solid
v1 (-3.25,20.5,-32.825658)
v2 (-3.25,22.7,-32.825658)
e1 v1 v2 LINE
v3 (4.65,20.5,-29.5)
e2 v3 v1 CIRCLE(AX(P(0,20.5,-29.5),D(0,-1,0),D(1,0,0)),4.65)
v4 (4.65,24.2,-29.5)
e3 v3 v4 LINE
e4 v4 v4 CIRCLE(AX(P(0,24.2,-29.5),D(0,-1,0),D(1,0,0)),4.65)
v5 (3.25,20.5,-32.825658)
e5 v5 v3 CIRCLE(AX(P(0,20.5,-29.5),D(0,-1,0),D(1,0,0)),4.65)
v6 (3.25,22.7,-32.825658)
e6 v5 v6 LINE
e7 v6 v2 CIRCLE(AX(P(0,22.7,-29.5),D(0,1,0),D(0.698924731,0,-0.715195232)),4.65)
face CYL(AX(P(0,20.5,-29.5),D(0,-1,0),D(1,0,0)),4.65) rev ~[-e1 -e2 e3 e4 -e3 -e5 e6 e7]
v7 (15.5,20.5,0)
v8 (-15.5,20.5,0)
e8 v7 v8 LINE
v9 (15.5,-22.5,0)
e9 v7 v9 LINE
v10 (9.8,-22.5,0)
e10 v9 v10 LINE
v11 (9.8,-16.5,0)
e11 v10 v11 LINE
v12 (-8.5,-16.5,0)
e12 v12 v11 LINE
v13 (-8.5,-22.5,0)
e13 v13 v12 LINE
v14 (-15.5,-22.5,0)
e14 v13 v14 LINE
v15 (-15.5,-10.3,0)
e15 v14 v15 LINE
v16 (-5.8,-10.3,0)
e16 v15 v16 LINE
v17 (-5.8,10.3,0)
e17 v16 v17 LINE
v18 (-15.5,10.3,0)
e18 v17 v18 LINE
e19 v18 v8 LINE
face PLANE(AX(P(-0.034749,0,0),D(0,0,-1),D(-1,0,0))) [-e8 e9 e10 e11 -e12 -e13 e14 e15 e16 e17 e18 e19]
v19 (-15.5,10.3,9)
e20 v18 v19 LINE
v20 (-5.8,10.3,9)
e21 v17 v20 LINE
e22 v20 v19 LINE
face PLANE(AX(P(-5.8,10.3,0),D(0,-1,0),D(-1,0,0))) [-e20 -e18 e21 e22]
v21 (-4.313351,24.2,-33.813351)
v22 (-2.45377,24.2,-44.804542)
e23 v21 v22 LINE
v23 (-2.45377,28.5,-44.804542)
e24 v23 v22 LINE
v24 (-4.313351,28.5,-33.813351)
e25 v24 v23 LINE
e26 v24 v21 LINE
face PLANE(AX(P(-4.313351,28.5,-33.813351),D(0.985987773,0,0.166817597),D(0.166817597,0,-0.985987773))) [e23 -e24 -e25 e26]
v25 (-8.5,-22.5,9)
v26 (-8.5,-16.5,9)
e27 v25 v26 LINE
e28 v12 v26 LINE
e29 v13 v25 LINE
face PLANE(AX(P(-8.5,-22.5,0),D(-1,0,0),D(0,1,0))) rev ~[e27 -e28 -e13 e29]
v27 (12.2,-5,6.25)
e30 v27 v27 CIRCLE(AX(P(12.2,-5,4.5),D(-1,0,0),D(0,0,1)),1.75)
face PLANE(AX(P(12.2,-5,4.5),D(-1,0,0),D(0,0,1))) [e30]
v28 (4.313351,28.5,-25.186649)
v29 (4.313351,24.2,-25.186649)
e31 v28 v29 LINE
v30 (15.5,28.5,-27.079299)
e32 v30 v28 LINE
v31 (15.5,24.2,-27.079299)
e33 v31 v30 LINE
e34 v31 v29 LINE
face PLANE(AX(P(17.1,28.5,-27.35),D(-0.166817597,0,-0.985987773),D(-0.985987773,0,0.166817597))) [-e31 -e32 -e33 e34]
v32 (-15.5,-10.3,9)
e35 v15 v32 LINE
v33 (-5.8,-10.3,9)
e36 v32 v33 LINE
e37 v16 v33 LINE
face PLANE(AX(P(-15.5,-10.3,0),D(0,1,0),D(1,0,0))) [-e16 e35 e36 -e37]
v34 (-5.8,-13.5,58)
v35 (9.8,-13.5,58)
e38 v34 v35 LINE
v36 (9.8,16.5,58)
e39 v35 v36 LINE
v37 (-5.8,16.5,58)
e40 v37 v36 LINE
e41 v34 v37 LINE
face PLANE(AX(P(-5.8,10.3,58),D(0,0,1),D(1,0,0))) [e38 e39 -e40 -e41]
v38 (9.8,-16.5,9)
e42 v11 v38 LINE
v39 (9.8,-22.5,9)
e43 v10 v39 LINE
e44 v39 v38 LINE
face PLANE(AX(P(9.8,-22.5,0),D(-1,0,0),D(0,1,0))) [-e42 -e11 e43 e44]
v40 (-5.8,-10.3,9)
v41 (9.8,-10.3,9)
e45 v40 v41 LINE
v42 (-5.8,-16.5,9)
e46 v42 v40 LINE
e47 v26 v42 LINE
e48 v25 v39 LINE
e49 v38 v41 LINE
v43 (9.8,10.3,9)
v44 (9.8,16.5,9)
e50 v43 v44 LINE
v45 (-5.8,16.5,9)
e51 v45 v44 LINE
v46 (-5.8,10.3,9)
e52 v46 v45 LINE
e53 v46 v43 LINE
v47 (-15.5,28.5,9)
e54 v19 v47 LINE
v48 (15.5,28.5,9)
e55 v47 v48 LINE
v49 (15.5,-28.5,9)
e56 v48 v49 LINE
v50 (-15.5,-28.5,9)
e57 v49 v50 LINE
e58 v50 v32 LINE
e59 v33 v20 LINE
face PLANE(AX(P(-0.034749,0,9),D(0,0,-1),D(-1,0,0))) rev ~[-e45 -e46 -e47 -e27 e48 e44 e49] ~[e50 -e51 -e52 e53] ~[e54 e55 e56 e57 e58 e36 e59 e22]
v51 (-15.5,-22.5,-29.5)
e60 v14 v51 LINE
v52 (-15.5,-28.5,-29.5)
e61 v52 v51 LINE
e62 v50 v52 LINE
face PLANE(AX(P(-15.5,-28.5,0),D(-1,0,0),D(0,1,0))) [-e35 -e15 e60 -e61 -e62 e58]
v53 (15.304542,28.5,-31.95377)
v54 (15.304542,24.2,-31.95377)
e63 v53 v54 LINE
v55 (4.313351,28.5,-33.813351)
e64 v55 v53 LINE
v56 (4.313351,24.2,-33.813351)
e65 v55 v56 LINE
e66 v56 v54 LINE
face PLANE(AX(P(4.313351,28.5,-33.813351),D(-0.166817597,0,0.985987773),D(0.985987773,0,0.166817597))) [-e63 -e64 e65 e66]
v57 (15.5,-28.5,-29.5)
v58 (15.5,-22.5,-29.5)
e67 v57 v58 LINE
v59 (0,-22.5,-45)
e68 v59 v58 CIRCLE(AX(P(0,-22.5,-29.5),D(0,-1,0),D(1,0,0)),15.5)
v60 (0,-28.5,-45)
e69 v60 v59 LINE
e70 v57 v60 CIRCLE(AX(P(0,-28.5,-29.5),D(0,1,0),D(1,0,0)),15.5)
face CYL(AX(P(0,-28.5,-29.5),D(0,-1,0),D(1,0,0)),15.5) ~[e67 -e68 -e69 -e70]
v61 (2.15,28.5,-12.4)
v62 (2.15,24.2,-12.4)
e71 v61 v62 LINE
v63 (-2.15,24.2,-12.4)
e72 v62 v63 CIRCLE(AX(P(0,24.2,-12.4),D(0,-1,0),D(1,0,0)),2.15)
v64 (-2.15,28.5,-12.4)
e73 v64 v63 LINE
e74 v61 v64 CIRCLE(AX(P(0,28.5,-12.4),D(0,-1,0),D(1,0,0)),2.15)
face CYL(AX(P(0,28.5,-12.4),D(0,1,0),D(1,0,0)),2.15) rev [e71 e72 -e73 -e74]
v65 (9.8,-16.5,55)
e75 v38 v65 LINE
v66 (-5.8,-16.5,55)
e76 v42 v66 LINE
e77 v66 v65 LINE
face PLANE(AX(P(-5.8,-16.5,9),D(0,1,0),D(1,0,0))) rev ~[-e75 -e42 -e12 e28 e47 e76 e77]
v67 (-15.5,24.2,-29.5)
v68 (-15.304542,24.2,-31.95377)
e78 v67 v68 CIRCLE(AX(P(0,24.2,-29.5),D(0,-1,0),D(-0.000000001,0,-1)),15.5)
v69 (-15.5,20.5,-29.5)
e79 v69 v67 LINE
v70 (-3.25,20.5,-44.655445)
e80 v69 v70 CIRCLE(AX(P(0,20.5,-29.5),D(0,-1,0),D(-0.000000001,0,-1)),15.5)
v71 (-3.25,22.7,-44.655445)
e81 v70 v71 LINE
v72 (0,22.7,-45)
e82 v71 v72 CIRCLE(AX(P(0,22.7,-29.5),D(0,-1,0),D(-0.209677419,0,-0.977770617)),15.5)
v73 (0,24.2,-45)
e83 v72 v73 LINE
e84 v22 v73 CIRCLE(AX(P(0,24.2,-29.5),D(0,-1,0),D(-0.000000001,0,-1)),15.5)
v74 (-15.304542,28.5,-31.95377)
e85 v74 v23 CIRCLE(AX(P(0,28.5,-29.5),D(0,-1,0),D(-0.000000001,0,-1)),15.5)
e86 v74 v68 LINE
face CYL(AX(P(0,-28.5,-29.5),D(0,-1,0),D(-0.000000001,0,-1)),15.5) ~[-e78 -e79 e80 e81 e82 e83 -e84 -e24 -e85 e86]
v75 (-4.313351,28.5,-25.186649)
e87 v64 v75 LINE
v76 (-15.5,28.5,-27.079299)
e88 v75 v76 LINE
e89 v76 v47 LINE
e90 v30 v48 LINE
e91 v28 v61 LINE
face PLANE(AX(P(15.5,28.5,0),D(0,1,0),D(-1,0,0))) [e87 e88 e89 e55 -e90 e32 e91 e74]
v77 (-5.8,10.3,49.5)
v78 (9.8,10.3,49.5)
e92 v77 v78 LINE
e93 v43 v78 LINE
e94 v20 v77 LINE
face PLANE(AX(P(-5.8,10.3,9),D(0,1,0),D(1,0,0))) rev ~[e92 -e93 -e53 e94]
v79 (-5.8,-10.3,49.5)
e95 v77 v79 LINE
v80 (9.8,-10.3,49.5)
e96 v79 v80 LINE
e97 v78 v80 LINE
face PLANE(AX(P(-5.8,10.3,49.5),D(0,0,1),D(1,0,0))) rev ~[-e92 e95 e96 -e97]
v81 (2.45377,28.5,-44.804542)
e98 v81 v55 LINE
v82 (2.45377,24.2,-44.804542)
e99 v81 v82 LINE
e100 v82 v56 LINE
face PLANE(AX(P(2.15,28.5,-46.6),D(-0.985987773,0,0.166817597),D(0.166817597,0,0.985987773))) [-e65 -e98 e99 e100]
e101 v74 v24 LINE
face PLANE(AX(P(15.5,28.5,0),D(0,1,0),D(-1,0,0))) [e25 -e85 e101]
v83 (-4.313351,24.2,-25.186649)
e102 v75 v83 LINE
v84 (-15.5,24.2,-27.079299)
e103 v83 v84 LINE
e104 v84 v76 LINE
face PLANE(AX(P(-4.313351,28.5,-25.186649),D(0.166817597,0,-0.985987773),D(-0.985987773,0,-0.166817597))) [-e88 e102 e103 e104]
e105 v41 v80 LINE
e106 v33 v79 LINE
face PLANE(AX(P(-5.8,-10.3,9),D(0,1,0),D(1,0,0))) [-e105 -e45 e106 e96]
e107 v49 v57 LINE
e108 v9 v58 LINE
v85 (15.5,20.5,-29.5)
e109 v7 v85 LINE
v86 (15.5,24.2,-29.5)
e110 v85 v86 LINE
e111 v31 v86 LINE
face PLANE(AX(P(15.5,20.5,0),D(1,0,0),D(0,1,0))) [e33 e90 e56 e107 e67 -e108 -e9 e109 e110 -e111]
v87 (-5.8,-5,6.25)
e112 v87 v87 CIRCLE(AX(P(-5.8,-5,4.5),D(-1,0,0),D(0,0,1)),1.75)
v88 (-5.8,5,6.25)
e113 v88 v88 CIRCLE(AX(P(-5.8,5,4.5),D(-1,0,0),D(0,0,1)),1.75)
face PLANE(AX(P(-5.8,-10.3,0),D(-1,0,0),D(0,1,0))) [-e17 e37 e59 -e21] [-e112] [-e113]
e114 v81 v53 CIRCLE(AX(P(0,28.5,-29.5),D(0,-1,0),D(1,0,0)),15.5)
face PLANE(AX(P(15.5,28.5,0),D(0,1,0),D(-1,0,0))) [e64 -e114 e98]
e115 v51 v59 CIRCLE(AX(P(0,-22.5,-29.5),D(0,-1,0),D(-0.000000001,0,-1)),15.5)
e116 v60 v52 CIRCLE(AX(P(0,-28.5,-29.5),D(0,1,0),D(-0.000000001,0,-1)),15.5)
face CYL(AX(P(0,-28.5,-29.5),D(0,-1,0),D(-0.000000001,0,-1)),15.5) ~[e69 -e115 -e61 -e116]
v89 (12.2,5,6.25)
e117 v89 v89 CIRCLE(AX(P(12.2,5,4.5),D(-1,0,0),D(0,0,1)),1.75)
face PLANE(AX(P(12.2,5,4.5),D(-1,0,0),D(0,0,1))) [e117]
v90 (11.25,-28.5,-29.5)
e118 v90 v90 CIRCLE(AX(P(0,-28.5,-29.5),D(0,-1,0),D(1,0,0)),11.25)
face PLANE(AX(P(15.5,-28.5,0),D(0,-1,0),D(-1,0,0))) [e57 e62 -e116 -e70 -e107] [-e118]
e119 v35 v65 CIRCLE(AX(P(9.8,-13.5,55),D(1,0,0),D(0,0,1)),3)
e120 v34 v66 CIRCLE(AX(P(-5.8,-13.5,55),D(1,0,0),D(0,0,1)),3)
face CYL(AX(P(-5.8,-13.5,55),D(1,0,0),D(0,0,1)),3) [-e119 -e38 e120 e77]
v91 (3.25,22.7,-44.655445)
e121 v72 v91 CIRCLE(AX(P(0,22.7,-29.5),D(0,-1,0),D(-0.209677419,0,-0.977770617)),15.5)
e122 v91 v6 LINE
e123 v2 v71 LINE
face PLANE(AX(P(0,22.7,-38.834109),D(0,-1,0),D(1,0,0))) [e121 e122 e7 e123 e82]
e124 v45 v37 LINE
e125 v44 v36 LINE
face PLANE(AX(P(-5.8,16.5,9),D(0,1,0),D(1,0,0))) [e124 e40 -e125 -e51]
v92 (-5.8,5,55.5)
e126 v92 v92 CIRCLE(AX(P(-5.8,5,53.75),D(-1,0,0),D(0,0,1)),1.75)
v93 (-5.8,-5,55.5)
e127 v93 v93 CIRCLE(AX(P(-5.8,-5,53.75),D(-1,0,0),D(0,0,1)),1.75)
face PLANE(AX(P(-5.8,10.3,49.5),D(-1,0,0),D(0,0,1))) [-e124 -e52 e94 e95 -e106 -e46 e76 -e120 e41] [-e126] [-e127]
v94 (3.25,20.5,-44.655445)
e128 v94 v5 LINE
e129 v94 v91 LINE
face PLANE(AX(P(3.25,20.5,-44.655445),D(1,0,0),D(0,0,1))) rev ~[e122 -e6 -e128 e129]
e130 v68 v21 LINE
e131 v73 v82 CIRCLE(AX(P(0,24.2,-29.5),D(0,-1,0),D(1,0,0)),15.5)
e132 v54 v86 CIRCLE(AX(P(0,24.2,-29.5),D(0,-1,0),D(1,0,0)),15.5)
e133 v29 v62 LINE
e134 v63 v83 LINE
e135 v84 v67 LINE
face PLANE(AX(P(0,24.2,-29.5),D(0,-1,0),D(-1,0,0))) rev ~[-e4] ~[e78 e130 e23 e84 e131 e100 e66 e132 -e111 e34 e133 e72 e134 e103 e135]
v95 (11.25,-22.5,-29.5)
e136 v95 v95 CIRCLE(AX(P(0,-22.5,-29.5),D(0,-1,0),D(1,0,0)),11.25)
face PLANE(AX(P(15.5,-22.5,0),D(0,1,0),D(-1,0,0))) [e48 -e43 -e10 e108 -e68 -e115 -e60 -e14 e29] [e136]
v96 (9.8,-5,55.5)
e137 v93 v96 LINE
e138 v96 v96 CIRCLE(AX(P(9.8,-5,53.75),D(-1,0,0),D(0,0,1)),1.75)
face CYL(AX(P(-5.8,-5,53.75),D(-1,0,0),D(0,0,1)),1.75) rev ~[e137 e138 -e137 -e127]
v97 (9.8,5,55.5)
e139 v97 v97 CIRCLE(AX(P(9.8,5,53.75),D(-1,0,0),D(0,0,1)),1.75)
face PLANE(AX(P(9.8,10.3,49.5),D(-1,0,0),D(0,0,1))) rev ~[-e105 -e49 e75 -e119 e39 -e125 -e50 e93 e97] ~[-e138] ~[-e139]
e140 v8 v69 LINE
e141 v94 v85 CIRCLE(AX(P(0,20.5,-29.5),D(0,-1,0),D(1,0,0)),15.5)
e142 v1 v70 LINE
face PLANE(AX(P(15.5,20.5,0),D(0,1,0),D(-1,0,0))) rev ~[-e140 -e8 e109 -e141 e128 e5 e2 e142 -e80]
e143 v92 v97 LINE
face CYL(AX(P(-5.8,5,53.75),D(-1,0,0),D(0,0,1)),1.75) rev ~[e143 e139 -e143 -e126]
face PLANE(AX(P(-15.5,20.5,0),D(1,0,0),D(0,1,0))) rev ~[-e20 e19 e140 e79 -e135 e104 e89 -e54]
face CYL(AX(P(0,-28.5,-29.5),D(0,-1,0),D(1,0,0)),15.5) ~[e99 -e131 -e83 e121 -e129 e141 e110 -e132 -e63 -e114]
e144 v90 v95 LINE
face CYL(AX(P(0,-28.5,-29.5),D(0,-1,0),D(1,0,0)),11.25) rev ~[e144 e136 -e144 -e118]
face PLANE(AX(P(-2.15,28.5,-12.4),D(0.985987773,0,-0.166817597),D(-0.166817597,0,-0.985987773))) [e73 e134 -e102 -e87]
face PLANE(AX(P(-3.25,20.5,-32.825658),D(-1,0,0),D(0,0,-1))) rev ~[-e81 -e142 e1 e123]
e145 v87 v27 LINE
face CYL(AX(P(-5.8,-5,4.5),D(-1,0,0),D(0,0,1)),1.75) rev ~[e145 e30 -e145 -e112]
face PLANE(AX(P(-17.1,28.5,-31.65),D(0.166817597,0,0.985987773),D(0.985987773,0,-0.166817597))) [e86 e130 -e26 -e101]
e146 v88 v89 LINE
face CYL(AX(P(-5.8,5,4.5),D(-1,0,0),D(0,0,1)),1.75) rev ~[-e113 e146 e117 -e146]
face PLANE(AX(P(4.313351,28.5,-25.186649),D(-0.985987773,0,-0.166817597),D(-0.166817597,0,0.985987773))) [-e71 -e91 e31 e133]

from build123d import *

# Parameters (mm, degrees)
SKETCH1_W           = 18.3
SKETCH1_H           = 6
BOSS_EXTRUDE1_DEPTH = 9
SKETCH2_W           = 15.6
SKETCH2_H           = 6.2
BOSS_EXTRUDE2_DEPTH = 49
SKETCH3_W           = 15.6
SKETCH3_H           = 8.5
BOSS_EXTRUDE3_DEPTH = 20.7
FILLET3_R           = 3
SKETCH4_W           = 31
SKETCH4_H           = 8
SKETCH4_H_2         = 6
BOSS_EXTRUDE4_DEPTH = 45
CUT_EXTRUDE1_DEPTH  = 58
SKETCH6_3_R         = 11.25
CUT_EXTRUDE2_DEPTH  = 6
CUT_EXTRUDE3_DEPTH  = 4.3
CUT_EXTRUDE4_DEPTH  = 2.2
SKETCH9_3_R         = 4.65
CUT_EXTRUDE5_DEPTH  = 8
SKETCH10_R          = 1.75
CUT_EXTRUDE6_DEPTH  = 18


with BuildPart() as part:
    # Sketch1 → Boss-Extrude1 (new body)
    with BuildSketch(Plane.XY):
        Polygon((15.5, -28.5), (-15.5, -28.5), (-15.5, -10.3), (-5.8, -10.3), (-5.8, 10.3), (-15.5, 10.3), (-15.5, 28.5), (15.5, 28.5), align=None)
        with Locations((0.65, -19.5)):
            Rectangle(SKETCH1_W, SKETCH1_H, mode=Mode.SUBTRACT)
    extrude(amount=BOSS_EXTRUDE1_DEPTH)

    # Sketch2 → Boss-Extrude2 (add)
    with BuildSketch(Plane.XY.offset(9)):
        with Locations((2, -13.4)):
            Rectangle(SKETCH2_W, SKETCH2_H)
        with Locations((2, 13.4)):
            Rectangle(SKETCH2_W, SKETCH2_H)
    extrude(amount=BOSS_EXTRUDE2_DEPTH)

    # Sketch3 → Boss-Extrude3 (add)
    with BuildSketch(Plane.XZ.offset(-10.3)):
        with Locations((2, 53.75)):
            Rectangle(SKETCH3_W, SKETCH3_H)
    extrude(amount=BOSS_EXTRUDE3_DEPTH)

    # Fillet3
    fillet3_edges = [part.edges().sort_by_distance(p)[0] for p in [
        (2, -16.5, 58),
    ]]
    fillet(fillet3_edges, radius=FILLET3_R)

    # Sketch4 → Boss-Extrude4 (add)
    with BuildSketch(Plane(origin=(0, 0, 0), x_dir=(-1, 0, 0), z_dir=(0, 0, -1))):
        with Locations((0, 24.5)):
            Rectangle(SKETCH4_W, SKETCH4_H)
        with Locations((0, -25.5)):
            Rectangle(SKETCH4_W, SKETCH4_H_2)
    extrude(amount=BOSS_EXTRUDE4_DEPTH)

    # Sketch6 → Cut-Extrude1 (cut, through all)
    with BuildSketch(Plane.XZ.offset(28.5)):
        with BuildLine():
            ThreePointArc((15.5, -29.5), (10.960155101, -40.460155116), (-2.1e-08, -45))
            Line((-2.1e-08, -45), (15.5, -45))
            Line((15.5, -45), (15.5, -29.5))
        make_face()
        with BuildLine():
            ThreePointArc((-2.1e-08, -45), (-10.960155116, -40.460155101), (-15.5, -29.5))
            Line((-15.5, -29.5), (-15.5, -45))
            Line((-15.5, -45), (-2.1e-08, -45))
        make_face()
    extrude(amount=-CUT_EXTRUDE1_DEPTH, mode=Mode.SUBTRACT)

    # Sketch6<3> → Cut-Extrude2 (cut)
    with BuildSketch(Plane.XZ.offset(28.5)):
        with Locations((0, -29.5)):
            Circle(SKETCH6_3_R)
    extrude(amount=-CUT_EXTRUDE2_DEPTH, mode=Mode.SUBTRACT)

    # Sketch7 → Cut-Extrude3 (cut)
    with BuildSketch(Plane(origin=(0, 28.5, 0), x_dir=(1, 0, 0), z_dir=(0, 1, 0))):
        with BuildLine():
            Line((-17.1, 31.65), (-4.313351365, 33.813351365))
            Line((-4.313351365, 33.813351365), (-2.15, 46.6))
            ThreePointArc((-2.15, 46.6), (0, 48.75), (2.15, 46.6))
            Line((2.15, 46.6), (4.313351365, 33.813351365))
            Line((4.313351365, 33.813351365), (17.1, 31.65))
            ThreePointArc((17.1, 31.65), (19.25, 29.5), (17.1, 27.35))
            Line((17.1, 27.35), (4.313351365, 25.186648635))
            Line((4.313351365, 25.186648635), (2.15, 12.4))
            ThreePointArc((2.15, 12.4), (0, 10.25), (-2.15, 12.4))
            Line((-2.15, 12.4), (-4.313351365, 25.186648635))
            Line((-4.313351365, 25.186648635), (-17.1, 27.35))
            ThreePointArc((-17.1, 27.35), (-19.25, 29.5), (-17.1, 31.65))
        make_face()
    extrude(amount=-CUT_EXTRUDE3_DEPTH, mode=Mode.SUBTRACT)

    # Sketch9 → Cut-Extrude4 (cut)
    with BuildSketch(Plane.XZ.offset(-20.5)):
        with BuildLine():
            ThreePointArc((3.25, -32.82565783), (0, -34.15), (-3.25, -32.82565783))
            Line((-3.25, -32.82565783), (-3.25, -44.655444566))
            ThreePointArc((-3.25, -44.655444566), (0, -45), (3.25, -44.655444566))
            Line((3.25, -44.655444566), (3.25, -32.82565783))
        make_face()
    extrude(amount=-CUT_EXTRUDE4_DEPTH, mode=Mode.SUBTRACT)

    # Sketch9<3> → Cut-Extrude5 (cut)
    with BuildSketch(Plane.XZ.offset(-20.5)):
        with Locations((0, -29.5)):
            Circle(SKETCH9_3_R)
    extrude(amount=-CUT_EXTRUDE5_DEPTH, mode=Mode.SUBTRACT)

    # Sketch10 → Cut-Extrude6 (cut)
    with BuildSketch(Plane.ZY.offset(5.8)):
        with Locations((4.5, 5)):
            Circle(SKETCH10_R)
        with Locations((4.5, -5)):
            Circle(SKETCH10_R)
        with Locations((53.75, 5)):
            Circle(SKETCH10_R)
        with Locations((53.75, -5)):
            Circle(SKETCH10_R)
    extrude(amount=-CUT_EXTRUDE6_DEPTH, mode=Mode.SUBTRACT)


solid = part.part
